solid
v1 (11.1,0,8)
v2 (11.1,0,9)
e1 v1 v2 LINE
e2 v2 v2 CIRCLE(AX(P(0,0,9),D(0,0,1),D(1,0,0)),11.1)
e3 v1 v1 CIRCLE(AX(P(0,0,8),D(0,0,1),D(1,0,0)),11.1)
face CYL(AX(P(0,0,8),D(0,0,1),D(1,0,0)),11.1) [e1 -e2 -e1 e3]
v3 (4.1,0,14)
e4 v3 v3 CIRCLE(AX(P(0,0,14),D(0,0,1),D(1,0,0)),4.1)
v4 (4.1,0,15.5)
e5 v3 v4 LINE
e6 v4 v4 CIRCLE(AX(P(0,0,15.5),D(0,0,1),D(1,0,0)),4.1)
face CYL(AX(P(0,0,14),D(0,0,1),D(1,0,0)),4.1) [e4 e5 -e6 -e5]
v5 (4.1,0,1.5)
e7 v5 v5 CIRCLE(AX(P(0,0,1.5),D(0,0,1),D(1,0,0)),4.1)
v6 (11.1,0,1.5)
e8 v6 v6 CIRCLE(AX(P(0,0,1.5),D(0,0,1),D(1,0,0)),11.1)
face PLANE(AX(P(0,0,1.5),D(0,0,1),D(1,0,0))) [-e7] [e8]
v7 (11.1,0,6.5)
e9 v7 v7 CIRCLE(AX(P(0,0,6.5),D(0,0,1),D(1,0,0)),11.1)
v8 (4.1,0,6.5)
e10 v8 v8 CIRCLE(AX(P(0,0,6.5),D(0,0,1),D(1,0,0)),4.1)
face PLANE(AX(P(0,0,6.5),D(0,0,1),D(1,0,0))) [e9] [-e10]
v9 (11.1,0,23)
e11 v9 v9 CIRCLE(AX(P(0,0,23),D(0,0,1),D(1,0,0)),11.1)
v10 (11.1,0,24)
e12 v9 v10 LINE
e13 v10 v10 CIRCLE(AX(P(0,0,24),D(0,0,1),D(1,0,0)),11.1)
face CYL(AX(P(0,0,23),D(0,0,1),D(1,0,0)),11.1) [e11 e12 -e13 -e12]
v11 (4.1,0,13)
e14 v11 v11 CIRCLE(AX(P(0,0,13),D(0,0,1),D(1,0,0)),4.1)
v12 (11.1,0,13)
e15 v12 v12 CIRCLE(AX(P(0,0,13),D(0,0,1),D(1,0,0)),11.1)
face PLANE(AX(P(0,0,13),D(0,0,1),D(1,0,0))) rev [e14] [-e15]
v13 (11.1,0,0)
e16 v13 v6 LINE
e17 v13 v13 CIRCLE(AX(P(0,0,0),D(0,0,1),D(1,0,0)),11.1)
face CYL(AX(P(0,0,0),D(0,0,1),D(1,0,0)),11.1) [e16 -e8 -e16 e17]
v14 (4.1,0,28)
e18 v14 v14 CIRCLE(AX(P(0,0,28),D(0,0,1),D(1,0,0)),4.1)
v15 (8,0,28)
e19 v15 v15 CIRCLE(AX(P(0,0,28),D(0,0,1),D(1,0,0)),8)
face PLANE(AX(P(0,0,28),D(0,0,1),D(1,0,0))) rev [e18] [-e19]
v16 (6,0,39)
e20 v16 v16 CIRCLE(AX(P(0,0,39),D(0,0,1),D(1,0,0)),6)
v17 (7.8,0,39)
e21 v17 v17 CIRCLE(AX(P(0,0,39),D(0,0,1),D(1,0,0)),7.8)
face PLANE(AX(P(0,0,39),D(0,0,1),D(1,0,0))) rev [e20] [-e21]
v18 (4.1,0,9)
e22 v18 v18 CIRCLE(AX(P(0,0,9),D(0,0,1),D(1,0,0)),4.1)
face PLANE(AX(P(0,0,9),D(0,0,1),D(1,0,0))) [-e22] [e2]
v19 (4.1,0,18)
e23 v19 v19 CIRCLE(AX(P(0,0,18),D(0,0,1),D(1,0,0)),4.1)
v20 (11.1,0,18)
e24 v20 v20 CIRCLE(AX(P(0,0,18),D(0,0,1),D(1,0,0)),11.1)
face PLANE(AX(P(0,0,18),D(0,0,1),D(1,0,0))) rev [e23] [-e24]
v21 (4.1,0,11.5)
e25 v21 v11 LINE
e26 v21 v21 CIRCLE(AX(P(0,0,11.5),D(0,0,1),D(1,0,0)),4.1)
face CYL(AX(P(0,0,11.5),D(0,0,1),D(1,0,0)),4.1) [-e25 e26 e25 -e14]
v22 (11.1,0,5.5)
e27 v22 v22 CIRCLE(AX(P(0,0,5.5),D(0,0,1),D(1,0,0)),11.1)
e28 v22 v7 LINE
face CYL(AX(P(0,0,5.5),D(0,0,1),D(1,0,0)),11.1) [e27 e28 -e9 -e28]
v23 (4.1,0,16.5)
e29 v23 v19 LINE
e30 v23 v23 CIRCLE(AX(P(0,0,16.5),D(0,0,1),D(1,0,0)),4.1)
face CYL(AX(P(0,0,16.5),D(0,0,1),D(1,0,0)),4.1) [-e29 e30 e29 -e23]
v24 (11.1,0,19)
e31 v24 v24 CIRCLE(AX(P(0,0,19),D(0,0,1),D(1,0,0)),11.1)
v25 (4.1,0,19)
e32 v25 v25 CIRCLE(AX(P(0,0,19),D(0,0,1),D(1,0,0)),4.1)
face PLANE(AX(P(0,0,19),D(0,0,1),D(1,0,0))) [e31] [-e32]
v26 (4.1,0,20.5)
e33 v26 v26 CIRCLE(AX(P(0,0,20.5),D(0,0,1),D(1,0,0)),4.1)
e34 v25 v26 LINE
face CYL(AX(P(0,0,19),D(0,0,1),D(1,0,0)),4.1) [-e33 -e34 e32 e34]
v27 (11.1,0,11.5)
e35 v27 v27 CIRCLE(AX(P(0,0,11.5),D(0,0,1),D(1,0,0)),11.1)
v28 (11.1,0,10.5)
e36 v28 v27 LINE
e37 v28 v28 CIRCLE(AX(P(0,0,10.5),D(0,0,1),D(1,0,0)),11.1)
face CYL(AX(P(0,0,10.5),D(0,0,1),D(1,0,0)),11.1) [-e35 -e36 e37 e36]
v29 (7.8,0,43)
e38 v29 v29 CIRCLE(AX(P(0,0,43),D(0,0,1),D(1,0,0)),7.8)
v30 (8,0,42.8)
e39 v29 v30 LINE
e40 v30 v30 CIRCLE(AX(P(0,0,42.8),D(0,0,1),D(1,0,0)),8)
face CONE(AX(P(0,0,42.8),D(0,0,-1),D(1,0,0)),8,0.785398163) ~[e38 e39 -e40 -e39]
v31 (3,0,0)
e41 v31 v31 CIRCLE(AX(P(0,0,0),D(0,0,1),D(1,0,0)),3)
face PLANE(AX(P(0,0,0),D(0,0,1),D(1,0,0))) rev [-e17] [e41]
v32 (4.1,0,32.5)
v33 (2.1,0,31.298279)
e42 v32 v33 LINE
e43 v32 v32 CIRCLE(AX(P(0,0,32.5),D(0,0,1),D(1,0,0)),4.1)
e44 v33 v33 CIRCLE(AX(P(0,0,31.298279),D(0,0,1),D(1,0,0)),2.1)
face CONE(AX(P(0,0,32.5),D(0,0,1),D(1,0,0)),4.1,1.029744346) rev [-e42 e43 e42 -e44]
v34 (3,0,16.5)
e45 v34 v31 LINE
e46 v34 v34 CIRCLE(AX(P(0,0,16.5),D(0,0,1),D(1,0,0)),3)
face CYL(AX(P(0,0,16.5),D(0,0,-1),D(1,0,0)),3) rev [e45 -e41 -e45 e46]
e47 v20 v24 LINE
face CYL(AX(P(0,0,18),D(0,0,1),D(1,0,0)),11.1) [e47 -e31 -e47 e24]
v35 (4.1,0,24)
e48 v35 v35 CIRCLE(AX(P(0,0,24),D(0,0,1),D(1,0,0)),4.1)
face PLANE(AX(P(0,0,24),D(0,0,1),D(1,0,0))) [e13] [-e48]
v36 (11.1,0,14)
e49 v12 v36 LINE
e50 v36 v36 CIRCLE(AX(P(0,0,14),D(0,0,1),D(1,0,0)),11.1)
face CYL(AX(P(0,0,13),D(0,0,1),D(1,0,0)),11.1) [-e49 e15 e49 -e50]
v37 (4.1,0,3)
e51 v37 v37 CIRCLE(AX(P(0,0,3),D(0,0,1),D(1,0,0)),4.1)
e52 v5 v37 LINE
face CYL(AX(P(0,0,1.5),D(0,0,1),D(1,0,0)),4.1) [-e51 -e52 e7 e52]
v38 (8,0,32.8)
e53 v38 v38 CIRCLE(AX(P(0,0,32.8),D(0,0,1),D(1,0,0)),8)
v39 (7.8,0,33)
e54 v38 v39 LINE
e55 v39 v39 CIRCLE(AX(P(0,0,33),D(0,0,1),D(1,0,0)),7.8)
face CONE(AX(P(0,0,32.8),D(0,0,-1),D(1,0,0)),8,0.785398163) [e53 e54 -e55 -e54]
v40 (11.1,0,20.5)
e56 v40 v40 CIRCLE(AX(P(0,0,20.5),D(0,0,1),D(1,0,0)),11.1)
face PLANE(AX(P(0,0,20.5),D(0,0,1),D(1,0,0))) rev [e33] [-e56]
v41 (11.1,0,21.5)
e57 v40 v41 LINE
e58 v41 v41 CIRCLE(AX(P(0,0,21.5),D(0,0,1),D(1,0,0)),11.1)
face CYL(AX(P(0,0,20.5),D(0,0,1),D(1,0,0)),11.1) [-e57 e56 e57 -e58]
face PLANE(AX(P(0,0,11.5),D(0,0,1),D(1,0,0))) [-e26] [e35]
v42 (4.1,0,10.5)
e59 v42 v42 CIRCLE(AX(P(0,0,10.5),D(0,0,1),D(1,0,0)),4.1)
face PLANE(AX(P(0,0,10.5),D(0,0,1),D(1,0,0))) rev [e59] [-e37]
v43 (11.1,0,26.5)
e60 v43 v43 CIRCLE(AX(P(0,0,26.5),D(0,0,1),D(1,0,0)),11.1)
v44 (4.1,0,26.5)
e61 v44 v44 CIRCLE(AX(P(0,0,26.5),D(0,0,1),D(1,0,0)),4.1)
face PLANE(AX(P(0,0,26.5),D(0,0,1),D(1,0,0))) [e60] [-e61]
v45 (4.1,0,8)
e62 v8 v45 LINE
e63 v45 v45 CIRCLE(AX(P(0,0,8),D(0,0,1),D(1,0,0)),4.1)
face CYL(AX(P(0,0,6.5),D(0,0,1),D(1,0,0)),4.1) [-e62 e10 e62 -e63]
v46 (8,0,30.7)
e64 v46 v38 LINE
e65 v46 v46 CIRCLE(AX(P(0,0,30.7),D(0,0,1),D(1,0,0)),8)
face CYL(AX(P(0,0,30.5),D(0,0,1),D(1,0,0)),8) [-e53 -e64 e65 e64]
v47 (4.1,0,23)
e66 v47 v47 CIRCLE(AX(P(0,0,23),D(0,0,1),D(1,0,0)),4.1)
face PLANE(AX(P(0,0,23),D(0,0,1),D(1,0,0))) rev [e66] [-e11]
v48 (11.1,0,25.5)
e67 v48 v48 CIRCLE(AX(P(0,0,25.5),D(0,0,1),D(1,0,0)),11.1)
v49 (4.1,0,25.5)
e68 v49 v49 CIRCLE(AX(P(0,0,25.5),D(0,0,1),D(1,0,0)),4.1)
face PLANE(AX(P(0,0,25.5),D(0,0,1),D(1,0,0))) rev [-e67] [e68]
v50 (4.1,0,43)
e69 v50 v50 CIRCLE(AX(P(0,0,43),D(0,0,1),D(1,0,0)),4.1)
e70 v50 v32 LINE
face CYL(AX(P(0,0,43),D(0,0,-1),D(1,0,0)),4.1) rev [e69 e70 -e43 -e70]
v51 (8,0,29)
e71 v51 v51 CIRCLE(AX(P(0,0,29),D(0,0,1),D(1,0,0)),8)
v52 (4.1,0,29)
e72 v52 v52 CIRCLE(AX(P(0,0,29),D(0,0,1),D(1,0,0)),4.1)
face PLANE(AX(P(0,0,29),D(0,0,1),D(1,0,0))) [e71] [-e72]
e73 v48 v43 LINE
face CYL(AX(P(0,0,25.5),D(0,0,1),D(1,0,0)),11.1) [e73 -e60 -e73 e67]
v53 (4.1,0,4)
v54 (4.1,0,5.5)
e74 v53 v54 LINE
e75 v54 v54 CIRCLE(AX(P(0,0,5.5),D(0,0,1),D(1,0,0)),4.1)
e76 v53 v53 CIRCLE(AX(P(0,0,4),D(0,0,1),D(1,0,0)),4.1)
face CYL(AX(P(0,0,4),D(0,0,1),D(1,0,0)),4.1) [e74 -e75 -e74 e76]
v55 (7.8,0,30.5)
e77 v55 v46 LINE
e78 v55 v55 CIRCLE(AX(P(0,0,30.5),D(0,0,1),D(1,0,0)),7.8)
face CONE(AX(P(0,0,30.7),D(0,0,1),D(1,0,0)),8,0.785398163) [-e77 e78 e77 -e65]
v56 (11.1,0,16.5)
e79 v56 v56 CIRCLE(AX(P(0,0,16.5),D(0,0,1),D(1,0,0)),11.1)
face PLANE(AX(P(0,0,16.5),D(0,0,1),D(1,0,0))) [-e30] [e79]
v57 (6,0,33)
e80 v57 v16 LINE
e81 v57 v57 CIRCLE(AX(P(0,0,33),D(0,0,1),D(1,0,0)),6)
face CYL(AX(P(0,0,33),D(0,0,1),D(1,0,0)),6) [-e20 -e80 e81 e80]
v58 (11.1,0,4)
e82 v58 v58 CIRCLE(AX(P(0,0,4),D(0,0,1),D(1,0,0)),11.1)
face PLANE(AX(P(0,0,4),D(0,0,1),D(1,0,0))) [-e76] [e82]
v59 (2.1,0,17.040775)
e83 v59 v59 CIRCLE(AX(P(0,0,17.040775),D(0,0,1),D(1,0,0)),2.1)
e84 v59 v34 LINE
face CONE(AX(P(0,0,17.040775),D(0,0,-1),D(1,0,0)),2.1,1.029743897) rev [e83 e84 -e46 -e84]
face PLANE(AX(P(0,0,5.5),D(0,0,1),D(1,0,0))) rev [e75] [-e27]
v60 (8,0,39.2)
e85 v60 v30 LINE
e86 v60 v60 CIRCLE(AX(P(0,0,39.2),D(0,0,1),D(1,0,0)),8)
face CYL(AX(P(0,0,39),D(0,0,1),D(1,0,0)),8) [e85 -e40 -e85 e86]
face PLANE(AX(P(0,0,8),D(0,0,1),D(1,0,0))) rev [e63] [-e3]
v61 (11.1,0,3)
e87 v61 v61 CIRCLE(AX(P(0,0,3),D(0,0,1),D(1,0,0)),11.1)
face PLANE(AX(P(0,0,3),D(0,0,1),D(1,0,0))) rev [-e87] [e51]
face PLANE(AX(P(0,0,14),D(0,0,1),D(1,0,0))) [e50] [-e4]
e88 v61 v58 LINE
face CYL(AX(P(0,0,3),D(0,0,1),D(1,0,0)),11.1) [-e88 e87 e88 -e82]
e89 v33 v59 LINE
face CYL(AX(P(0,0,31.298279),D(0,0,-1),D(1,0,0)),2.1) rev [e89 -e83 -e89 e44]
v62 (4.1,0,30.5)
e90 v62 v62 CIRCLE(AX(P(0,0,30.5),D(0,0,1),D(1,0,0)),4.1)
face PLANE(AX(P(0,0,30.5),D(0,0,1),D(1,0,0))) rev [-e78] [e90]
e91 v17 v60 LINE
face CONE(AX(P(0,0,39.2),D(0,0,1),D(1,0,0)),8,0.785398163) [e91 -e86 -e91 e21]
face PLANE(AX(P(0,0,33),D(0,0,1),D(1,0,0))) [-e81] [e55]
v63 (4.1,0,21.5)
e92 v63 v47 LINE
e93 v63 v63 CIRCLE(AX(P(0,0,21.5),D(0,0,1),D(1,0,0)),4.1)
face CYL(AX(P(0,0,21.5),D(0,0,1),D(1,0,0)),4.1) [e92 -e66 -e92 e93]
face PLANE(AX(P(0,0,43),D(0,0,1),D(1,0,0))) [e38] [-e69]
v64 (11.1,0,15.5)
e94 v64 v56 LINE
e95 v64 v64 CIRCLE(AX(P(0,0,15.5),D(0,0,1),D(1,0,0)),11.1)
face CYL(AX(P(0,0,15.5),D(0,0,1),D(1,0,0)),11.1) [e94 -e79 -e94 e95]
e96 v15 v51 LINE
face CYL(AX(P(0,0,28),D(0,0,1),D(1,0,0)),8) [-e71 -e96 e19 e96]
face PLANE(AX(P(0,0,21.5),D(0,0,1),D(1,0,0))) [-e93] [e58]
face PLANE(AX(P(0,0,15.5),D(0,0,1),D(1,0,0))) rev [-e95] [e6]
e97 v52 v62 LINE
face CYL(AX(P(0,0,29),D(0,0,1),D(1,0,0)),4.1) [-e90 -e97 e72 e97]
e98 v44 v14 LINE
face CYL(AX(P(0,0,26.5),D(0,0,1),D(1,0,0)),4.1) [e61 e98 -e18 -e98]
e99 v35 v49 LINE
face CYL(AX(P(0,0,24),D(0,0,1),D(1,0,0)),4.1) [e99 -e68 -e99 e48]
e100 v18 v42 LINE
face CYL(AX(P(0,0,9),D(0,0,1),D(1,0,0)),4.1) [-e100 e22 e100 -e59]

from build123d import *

# Parameters (mm, degrees)
F2_SIZE = 0.2


with BuildPart() as f1:
    # F0 (on Front) → F1 (revolve)
    with BuildSketch(Plane.XZ):
        Polygon((8, 43), (4.1, 43), (4.1, 32.5), (2.1, 31.298279), (2.1, 17.040775), (3, 16.5), (3, 0), (11.1, 0), (11.1, 1.5), (4.1, 1.5), (4.1, 3), (11.1, 3), (11.1, 4), (4.1, 4), (4.1, 5.5), (11.1, 5.5), (11.1, 6.5), (4.1, 6.5), (4.1, 8), (11.1, 8), (11.1, 9), (4.1, 9), (4.1, 10.5), (11.1, 10.5), (11.1, 11.5), (4.1, 11.5), (4.1, 13), (11.1, 13), (11.1, 14), (4.1, 14), (4.1, 15.5), (11.1, 15.5), (11.1, 16.5), (4.1, 16.5), (4.1, 18), (11.1, 18), (11.1, 19), (4.1, 19), (4.1, 20.5), (11.1, 20.5), (11.1, 21.5), (4.1, 21.5), (4.1, 23), (11.1, 23), (11.1, 24), (4.1, 24), (4.1, 25.5), (11.1, 25.5), (11.1, 26.5), (4.1, 26.5), (4.1, 28), (8, 28), (8, 29), (4.1, 29), (4.1, 30.5), (8, 30.5), (8, 33), (6, 33), (6, 39), (8, 39), align=None)
    revolve(axis=Axis((0, 0, 21.5), (0, 0, 1)))

    # F2
    f2_edges = [f1.edges().sort_by_distance(p)[0] for p in [
        (-8, 0, 30.5),
        (-8, 0, 33),
        (-8, 0, 39),
        (-8, 0, 43),
    ]]
    chamfer(f2_edges, length=F2_SIZE)


solid = f1.part
